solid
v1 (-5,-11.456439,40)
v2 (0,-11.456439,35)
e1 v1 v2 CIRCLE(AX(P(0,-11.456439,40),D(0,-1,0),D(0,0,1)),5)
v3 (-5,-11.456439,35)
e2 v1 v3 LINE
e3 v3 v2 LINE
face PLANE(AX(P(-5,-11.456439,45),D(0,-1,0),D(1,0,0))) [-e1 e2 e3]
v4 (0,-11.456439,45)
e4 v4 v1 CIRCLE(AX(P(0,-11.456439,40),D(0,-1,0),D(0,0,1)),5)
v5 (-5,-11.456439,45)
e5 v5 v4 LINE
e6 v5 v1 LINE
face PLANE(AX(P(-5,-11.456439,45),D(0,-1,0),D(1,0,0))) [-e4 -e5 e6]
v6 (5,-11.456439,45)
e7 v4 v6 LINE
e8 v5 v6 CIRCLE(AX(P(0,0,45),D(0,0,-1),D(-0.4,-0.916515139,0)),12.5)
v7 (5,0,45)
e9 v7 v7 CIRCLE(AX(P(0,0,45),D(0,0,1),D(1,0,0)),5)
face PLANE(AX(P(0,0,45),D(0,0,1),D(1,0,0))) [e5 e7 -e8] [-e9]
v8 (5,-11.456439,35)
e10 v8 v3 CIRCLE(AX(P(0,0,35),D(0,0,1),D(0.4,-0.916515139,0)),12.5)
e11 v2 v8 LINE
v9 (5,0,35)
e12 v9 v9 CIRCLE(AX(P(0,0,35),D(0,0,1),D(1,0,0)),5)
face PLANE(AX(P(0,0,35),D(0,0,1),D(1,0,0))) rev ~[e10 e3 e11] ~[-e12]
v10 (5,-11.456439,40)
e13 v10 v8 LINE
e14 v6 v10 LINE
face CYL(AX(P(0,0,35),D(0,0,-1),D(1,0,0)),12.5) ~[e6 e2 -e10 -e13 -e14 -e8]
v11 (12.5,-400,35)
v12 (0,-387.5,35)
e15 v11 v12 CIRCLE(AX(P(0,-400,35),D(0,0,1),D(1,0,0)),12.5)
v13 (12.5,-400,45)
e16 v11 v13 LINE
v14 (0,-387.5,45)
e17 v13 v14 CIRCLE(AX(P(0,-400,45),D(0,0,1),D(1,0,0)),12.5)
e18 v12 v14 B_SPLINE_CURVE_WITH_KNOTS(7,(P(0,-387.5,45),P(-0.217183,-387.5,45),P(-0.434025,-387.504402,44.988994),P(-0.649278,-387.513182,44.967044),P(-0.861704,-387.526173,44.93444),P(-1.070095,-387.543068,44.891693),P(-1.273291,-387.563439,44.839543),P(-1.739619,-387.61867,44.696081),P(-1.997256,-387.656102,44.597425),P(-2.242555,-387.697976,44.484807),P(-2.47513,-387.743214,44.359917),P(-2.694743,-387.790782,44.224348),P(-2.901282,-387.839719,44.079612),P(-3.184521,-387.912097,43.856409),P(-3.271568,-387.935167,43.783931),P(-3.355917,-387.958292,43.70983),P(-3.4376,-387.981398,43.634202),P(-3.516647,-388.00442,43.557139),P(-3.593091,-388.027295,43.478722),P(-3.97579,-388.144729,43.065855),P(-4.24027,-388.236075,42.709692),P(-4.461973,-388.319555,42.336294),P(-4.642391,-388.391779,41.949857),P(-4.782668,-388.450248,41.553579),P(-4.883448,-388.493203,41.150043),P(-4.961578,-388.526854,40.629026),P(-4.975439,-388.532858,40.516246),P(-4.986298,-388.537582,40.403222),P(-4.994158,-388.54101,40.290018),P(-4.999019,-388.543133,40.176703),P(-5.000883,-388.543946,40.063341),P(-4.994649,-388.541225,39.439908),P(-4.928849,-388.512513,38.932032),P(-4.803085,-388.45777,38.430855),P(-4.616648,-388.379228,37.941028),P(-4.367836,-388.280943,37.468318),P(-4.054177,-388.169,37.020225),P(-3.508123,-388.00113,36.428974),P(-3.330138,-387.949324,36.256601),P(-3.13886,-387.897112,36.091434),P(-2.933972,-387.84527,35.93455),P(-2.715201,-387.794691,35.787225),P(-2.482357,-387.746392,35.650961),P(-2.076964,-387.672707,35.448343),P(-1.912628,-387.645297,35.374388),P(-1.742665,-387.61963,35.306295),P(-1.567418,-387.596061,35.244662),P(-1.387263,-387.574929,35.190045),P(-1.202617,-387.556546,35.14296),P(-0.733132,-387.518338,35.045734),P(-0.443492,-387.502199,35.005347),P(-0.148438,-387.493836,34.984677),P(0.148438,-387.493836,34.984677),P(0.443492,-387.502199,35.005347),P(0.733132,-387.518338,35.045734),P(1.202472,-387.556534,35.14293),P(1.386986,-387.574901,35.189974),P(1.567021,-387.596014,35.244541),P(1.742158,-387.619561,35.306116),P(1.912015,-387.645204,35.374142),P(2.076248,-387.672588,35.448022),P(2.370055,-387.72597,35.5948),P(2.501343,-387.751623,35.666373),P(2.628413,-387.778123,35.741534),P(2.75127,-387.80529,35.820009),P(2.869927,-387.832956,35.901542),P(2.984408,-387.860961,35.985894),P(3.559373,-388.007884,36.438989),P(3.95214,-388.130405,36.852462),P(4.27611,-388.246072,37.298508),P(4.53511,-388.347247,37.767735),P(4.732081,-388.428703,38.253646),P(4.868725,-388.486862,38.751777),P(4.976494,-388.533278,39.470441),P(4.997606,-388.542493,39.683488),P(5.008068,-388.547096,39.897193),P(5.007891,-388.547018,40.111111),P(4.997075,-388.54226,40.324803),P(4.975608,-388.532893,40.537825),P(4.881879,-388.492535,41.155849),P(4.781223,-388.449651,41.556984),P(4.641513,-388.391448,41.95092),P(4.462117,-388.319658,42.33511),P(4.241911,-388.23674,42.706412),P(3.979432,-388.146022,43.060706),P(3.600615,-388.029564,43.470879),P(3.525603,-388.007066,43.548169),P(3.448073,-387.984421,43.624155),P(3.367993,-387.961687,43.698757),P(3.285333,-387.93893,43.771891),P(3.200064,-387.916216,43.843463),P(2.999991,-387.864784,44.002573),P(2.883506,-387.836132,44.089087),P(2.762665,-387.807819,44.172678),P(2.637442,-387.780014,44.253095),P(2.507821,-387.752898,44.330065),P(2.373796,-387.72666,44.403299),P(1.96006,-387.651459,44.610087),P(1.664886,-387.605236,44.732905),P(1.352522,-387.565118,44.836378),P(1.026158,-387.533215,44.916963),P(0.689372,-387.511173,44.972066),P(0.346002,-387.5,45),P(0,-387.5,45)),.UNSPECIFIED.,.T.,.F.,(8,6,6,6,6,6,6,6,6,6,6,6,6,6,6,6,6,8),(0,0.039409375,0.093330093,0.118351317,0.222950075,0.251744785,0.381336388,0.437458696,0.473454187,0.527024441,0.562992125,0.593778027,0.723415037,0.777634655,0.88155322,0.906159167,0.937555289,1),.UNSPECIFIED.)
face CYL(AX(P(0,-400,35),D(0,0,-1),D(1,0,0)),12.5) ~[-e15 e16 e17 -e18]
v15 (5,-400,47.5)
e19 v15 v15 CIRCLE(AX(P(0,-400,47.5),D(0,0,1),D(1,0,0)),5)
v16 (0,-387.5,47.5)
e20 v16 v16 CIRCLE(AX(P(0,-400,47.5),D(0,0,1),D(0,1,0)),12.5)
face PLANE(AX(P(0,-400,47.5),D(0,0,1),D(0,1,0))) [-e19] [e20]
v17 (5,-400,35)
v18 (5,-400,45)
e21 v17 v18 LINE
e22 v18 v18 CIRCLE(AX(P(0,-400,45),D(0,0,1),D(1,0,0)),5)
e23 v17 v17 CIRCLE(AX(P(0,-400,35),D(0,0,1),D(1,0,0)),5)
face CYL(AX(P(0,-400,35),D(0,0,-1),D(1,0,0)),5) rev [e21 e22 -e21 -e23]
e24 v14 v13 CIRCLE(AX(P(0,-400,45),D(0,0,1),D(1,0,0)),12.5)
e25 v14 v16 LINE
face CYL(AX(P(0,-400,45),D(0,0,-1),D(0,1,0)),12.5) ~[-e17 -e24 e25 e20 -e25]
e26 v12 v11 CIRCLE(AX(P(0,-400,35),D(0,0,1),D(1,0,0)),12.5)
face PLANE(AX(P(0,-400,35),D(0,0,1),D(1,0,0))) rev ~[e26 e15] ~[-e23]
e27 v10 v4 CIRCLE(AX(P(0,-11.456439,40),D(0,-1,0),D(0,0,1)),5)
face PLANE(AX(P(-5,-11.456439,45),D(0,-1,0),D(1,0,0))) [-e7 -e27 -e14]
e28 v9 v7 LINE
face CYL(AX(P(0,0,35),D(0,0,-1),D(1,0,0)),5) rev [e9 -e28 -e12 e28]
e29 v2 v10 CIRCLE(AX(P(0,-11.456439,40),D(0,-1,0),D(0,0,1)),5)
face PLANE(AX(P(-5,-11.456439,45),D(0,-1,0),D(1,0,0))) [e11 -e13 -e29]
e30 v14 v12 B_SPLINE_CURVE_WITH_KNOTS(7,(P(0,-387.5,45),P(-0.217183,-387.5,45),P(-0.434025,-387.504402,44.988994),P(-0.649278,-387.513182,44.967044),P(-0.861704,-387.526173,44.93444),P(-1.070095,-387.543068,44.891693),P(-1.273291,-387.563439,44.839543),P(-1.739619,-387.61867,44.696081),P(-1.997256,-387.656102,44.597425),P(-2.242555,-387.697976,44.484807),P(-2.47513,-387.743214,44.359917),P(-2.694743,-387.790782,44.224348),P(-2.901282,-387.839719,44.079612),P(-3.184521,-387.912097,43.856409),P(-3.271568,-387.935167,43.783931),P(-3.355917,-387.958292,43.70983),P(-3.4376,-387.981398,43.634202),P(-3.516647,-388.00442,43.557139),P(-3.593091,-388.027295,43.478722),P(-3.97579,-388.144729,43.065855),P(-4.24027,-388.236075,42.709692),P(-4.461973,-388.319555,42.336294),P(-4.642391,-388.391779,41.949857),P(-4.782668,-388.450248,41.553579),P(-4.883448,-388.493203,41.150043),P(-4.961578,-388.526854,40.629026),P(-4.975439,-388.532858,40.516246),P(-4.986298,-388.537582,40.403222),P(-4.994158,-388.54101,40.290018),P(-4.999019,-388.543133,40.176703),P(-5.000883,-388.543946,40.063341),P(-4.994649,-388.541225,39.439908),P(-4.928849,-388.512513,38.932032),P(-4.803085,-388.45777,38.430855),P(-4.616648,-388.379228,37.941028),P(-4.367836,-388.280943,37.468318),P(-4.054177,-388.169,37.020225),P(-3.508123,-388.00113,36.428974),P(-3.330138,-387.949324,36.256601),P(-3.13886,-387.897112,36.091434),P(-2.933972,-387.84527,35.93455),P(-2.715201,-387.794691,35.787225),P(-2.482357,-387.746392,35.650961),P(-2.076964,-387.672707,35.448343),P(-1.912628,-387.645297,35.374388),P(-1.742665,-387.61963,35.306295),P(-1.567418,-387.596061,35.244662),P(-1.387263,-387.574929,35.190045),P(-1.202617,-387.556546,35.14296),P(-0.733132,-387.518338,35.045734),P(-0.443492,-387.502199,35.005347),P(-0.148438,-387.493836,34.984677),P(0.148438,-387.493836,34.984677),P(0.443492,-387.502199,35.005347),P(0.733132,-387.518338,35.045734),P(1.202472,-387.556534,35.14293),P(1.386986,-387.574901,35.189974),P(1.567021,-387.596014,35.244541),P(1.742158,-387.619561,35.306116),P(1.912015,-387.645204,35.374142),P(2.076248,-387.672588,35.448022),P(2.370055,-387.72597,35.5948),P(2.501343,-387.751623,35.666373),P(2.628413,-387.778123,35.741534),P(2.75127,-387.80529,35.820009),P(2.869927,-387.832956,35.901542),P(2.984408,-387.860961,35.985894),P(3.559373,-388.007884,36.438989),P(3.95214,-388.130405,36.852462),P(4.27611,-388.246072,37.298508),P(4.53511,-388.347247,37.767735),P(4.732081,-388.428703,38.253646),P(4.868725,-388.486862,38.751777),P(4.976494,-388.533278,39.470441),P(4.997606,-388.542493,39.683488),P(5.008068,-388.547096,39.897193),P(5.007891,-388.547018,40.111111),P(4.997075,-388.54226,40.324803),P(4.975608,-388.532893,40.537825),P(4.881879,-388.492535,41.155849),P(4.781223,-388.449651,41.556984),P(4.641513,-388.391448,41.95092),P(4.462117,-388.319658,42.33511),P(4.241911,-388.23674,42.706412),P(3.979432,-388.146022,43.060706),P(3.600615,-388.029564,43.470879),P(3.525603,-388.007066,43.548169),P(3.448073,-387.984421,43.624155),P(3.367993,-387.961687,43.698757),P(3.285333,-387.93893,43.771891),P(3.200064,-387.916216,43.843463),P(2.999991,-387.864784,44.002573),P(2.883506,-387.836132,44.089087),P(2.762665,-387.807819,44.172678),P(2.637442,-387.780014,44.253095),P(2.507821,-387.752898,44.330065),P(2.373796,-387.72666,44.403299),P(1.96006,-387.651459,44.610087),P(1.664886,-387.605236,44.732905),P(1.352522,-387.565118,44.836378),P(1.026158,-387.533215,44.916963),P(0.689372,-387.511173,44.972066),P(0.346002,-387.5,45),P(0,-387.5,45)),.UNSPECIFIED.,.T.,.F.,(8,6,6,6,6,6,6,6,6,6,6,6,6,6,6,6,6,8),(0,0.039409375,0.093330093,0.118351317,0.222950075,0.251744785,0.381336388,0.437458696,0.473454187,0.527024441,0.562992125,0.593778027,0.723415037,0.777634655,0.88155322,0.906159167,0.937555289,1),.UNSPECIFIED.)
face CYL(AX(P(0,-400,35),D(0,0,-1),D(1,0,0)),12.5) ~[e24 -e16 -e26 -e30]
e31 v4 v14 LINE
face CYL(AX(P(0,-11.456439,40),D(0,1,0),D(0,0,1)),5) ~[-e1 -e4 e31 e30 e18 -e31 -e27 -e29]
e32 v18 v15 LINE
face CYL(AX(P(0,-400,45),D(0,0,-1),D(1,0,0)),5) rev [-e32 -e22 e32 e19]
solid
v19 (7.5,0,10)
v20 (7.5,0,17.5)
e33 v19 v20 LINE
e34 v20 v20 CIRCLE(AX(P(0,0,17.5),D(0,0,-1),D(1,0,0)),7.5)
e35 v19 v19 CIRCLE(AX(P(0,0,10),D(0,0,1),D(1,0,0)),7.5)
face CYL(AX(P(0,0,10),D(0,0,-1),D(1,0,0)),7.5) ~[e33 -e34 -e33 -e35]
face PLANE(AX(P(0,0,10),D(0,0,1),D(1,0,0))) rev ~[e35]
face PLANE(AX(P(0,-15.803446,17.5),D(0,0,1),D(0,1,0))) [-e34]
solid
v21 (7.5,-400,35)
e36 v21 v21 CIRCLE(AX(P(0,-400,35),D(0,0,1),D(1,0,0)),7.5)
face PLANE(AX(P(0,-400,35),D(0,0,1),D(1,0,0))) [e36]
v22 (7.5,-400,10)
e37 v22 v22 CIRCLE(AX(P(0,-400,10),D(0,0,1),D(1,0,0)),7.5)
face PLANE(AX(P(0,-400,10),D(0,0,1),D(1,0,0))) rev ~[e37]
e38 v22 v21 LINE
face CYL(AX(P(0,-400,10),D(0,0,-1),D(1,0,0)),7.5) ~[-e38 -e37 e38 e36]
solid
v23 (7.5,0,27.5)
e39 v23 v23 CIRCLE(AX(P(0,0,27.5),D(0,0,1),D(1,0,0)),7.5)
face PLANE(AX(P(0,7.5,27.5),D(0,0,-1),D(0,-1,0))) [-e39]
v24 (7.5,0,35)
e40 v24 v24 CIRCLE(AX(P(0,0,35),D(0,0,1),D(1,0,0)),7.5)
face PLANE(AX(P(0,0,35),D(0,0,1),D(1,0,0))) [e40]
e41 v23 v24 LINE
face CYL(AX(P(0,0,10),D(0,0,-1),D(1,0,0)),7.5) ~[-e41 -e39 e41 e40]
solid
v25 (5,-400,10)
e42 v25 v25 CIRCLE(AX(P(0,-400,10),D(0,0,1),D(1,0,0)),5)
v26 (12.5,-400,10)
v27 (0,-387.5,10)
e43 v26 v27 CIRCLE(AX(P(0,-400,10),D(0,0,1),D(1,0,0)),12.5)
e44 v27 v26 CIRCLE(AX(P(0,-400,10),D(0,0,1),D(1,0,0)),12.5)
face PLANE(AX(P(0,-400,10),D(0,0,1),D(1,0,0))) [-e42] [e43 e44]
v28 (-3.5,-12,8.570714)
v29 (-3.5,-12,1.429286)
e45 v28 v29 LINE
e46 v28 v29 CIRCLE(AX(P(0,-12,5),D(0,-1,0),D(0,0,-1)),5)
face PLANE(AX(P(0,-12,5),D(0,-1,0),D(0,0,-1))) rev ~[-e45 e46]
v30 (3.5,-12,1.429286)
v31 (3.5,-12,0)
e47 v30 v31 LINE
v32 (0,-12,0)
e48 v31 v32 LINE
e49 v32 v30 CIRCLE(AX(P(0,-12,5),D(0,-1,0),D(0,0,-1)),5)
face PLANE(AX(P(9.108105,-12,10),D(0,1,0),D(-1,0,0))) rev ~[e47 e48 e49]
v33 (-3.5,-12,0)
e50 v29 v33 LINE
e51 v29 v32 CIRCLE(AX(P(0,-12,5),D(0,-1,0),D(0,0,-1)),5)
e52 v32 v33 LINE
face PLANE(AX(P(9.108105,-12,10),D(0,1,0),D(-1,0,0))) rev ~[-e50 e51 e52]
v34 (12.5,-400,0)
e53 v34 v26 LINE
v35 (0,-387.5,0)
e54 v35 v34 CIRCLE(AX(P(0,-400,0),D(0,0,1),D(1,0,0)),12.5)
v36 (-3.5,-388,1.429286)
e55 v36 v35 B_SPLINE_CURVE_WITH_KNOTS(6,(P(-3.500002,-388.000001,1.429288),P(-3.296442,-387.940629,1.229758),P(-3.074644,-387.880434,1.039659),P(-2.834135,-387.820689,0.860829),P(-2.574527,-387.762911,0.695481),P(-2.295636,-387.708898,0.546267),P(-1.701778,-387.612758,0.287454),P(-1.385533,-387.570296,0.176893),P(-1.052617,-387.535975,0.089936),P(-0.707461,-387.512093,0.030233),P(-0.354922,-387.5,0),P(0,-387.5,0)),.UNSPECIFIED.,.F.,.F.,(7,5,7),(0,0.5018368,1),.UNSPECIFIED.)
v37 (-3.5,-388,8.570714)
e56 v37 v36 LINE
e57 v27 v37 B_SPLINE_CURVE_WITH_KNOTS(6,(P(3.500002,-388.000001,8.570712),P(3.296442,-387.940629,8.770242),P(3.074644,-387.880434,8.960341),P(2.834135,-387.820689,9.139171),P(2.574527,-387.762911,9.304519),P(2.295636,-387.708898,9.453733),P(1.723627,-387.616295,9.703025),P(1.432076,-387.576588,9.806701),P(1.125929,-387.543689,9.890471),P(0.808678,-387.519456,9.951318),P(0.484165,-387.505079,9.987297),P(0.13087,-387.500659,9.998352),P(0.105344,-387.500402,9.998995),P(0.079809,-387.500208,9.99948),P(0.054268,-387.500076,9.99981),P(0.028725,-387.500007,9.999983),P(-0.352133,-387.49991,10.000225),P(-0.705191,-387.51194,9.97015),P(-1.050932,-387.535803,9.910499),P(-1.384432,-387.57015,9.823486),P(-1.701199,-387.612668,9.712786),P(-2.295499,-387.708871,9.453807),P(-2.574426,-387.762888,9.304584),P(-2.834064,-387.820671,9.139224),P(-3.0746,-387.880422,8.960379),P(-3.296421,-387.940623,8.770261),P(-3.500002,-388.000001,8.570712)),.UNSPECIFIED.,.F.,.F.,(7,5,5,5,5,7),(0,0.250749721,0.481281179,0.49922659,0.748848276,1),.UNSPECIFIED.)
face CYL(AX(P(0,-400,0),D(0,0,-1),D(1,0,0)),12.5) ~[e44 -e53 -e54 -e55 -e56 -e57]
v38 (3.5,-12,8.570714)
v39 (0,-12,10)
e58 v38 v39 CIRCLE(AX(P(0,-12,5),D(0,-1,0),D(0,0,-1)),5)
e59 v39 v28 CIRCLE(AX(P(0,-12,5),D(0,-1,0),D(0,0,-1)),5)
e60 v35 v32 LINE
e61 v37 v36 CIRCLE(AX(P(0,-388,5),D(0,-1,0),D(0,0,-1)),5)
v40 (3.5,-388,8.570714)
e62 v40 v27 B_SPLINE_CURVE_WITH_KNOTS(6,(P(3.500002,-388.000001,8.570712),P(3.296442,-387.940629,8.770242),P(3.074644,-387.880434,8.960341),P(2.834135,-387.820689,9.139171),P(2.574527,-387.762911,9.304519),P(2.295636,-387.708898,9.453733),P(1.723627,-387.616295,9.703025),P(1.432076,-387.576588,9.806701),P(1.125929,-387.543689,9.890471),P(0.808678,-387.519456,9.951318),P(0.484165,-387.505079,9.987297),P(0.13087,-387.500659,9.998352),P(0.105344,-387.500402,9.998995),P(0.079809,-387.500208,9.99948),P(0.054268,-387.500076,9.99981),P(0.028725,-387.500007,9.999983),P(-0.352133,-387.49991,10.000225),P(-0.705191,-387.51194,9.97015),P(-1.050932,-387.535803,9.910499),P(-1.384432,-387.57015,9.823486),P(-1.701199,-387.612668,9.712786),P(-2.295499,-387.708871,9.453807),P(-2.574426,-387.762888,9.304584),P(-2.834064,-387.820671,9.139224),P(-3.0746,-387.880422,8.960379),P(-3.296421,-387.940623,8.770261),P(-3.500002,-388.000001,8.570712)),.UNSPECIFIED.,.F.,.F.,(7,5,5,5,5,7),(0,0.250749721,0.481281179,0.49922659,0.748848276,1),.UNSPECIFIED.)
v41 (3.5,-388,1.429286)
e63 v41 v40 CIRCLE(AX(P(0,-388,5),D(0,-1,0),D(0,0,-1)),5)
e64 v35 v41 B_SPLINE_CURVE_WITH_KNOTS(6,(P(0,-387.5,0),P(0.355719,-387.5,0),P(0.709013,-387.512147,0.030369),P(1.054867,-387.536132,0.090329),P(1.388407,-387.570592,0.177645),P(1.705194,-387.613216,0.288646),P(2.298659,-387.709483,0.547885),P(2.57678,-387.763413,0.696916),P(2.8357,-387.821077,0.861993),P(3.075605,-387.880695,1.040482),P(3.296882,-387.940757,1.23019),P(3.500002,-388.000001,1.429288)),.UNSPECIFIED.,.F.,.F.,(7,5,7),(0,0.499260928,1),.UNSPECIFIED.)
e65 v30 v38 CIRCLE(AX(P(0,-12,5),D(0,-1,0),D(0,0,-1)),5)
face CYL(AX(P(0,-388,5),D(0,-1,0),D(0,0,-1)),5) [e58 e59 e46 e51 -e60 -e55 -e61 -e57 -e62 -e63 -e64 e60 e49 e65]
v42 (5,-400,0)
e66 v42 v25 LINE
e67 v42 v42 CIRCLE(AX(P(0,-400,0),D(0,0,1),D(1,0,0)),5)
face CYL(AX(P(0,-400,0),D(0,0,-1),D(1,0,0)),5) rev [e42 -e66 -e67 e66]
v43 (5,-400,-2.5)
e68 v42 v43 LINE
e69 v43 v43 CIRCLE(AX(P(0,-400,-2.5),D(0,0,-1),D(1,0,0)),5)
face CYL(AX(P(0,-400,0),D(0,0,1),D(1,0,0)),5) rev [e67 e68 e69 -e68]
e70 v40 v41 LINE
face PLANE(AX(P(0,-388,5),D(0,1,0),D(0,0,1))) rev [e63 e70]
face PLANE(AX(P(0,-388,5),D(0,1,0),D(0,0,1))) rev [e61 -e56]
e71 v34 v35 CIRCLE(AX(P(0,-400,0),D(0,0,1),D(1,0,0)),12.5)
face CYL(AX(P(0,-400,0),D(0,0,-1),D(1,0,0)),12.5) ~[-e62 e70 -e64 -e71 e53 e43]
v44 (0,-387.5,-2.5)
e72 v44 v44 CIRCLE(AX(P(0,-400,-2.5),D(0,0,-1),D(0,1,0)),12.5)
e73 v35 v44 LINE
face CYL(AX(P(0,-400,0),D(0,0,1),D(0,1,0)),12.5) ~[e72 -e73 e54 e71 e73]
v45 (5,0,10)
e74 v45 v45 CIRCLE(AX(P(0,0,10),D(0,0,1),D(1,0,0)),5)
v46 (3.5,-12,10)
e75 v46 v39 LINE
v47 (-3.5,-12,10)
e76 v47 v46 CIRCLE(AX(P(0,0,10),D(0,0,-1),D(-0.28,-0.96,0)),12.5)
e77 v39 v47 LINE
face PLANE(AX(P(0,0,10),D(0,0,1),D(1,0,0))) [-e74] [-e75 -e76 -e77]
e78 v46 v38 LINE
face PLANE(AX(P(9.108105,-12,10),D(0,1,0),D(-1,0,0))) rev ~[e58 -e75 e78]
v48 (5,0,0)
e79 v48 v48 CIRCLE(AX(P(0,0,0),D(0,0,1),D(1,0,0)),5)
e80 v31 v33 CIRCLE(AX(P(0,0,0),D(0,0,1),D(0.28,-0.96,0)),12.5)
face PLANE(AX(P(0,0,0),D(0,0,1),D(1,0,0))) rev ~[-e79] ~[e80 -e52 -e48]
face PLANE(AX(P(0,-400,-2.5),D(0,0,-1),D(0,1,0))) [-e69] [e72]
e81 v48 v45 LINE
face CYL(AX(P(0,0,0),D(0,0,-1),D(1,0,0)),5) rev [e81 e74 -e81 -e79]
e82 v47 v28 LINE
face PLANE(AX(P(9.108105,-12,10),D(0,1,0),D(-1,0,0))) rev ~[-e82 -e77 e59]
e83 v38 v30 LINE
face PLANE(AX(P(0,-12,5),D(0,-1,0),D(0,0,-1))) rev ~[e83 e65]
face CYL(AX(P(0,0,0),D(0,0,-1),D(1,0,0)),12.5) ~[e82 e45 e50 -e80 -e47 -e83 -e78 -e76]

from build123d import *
from build123d.topology import SkipClean

# Parameters (mm, degrees)
SKETCH1_R               = 12.5
SKETCH1_R_2             = 5
BOSS_EXTRUDE1_DEPTH     = 10
CUT_EXTRUDE2_DEPTH      = 21.310096012
SKETCH3_R               = 5
BOSS_EXTRUDE2_DEPTH     = 188
SKETCH5_R               = 12.5
SKETCH5_R_2             = 5
BOSS_EXTRUDE4_DEPTH     = 10
SKETCH7_R               = 7.5
BOSS_EXTRUDE5_DEPTH     = 25
BOSS_EXTRUDE5_2_DEPTH   = 25
SKETCH8_R               = 12.5
SKETCH8_R_2             = 5
BOSS_EXTRUDE6_DEPTH     = 10
BOSS_EXTRUDE6_2_DEPTH   = 10
CUT_EXTRUDE3_DEPTH      = 20
SKETCH12_R              = 5
BOSS_EXTRUDE8_DEPTH     = 380
CUT_EXTRUDE4_DEPTH      = 416.135520155
CUT_EXTRUDE4_DEPTH_BACK = 416.135520155
SKETCH14_R              = 12.5
SKETCH14_R_2            = 5
BOSS_EXTRUDE9_DEPTH     = 2.5
SKETCH15_R              = 12.5
SKETCH15_R_2            = 5
BOSS_EXTRUDE10_DEPTH    = 2.5


with BuildPart() as part:
    # Sketch1 → Boss-Extrude1 (new body)
    with BuildSketch(Plane.XY):
        Circle(SKETCH1_R)
        Circle(SKETCH1_R_2, mode=Mode.SUBTRACT)
    extrude(amount=BOSS_EXTRUDE1_DEPTH)

    # Sketch2 → Cut-Extrude2 (cut, through all)
    with BuildSketch(Plane.XY.offset(10)):
        with BuildLine():
            Line((9.108105184, -12), (3.5, -12))
            ThreePointArc((3.5, -12), (0, -12.5), (-3.5, -12))
            Line((-3.5, -12), (-7.494861462, -12))
            Line((-7.494861462, -12), (-7.494861462, -13.628548532))
            Line((-7.494861462, -13.628548532), (9.511416115, -13.628548532))
            Line((9.511416115, -13.628548532), (9.108105184, -12))
        make_face()
        with BuildLine():
            Line((3.5, -12), (0, -12))
            Line((0, -12), (-3.5, -12))
            ThreePointArc((-3.5, -12), (0, -12.5), (3.5, -12))
        make_face()
    extrude(amount=-CUT_EXTRUDE2_DEPTH, mode=Mode.SUBTRACT)

    # Sketch3 → Boss-Extrude2 (add)
    with BuildSketch(Plane(origin=(0, -12, 0), x_dir=(-1, 0, 0), z_dir=(0, -1, 0))):
        with Locations(Location((0, -5, 0), (0, 0, 90))):
            Circle(SKETCH3_R)
    boss_extrude2 = extrude(amount=BOSS_EXTRUDE2_DEPTH)

    # Mirror2: Boss-Extrude2 across plane
    add(boss_extrude2.mirror(Plane(origin=(0, -200, 5), x_dir=(0, 0, 1), z_dir=(0, -1, 0))))

    # Sketch5 → Boss-Extrude4 (add)
    with SkipClean():  # the faces are left unmerged after this step: merging them gives an invalid solid
        with BuildSketch(Plane.XY):
            with Locations((0, -400)):
                Circle(SKETCH5_R)
            with Locations((0, -400)):
                Circle(SKETCH5_R_2, mode=Mode.SUBTRACT)
        extrude(amount=BOSS_EXTRUDE4_DEPTH)

    # Sketch15 → Boss-Extrude10 (add)
    with SkipClean():  # the faces are left unmerged after this step: merging them gives an invalid solid
        with BuildSketch(Plane(origin=(0, 0, 0), x_dir=(-1, 0, 0), z_dir=(0, 0, -1))):
            with Locations(Location((0, -400, 0), (0, 0, 90))):
                Circle(SKETCH15_R)
            with Locations(Location((0, -400, 0), (0, 0, 180))):
                Circle(SKETCH15_R_2, mode=Mode.SUBTRACT)
        extrude(amount=BOSS_EXTRUDE10_DEPTH)


with BuildPart() as body_2:
    # Sketch7 → Boss-Extrude5 (new body)
    with BuildSketch(Plane.XY.offset(10)):
        Circle(SKETCH7_R)
    extrude(amount=BOSS_EXTRUDE5_DEPTH)

    # Sketch13 → Cut-Extrude4 (cut, two sides)
    with BuildSketch(Plane(origin=(0, 0, 0), x_dir=(0, 0, -1), z_dir=(1, 0, 0))) as cut_extrude4_sk:
        Polygon((-17.5, 7.5), (-22.5, 7.5), (-27.5, 7.5), (-27.5, -15.803446393), (-17.5, -15.803446393), align=None)
    extrude(amount=CUT_EXTRUDE4_DEPTH, mode=Mode.SUBTRACT)
    extrude(cut_extrude4_sk.sketch, amount=-CUT_EXTRUDE4_DEPTH_BACK, mode=Mode.SUBTRACT)


with BuildPart() as body_3:
    # Sketch7 → Boss-Extrude5 2 (new body)
    with BuildSketch(Plane.XY.offset(10)):
        with Locations((0, -400)):
            Circle(SKETCH7_R)
    extrude(amount=BOSS_EXTRUDE5_2_DEPTH)


with BuildPart() as body_4:
    # Sketch8 → Boss-Extrude6 (new body)
    with BuildSketch(Plane.XY.offset(35)):
        Circle(SKETCH8_R)
        Circle(SKETCH8_R_2, mode=Mode.SUBTRACT)
    extrude(amount=BOSS_EXTRUDE6_DEPTH)

    # Sketch9 → Cut-Extrude3 (cut)
    with BuildSketch(Plane.XY.offset(45)):
        Polygon((-5, -12), (-5, -11.456439237), (5, -11.456439237), (5, -13.442017523), align=None)
    extrude(amount=-CUT_EXTRUDE3_DEPTH, mode=Mode.SUBTRACT)



with BuildPart() as body_5:
    # Sketch8 → Boss-Extrude6 2 (new body)
    with BuildSketch(Plane.XY.offset(35)):
        with Locations((0, -400)):
            Circle(SKETCH8_R)
        with Locations((0, -400)):
            Circle(SKETCH8_R_2, mode=Mode.SUBTRACT)
    extrude(amount=BOSS_EXTRUDE6_2_DEPTH)


with BuildPart() as body_4_1:
    with SkipClean():  # the faces are left unmerged after this step: merging them gives an invalid solid
        add(body_4.part)

        add(body_5.part)  # Boss-Extrude8 merges body 5
        # Sketch12 → Boss-Extrude8 (add)
        with BuildSketch(Plane(origin=(0, -11.456439237, 0), x_dir=(-1, 0, 0), z_dir=(0, -1, 0))):
            with Locations(Location((0, -40, 0), (0, 0, 270))):
                Circle(SKETCH12_R)
        extrude(amount=BOSS_EXTRUDE8_DEPTH)

    # Sketch14 → Boss-Extrude9 (add)
    with SkipClean():  # the faces are left unmerged after this step: merging them gives an invalid solid
        with BuildSketch(Plane.XY.offset(45)):
            with Locations(Location((0, -400, 0), (0, 0, 90))):
                Circle(SKETCH14_R)
            with Locations((0, -400)):
                Circle(SKETCH14_R_2, mode=Mode.SUBTRACT)
        extrude(amount=BOSS_EXTRUDE9_DEPTH)


with BuildPart() as cut_extrude4_piece_1:
    # of the separate pieces the step leaves, piece 1, a body of its own (cut_extrude4_pieces)
    add(body_2.part.solids().sort_by_distance((7.5, 0, 10))[0])


with BuildPart() as cut_extrude4_piece_2:
    # of the separate pieces the step leaves, piece 2, a body of its own (cut_extrude4_pieces)
    add(body_2.part.solids().sort_by_distance((7.5, 0, 27.5))[0])


solid = Compound([part.part, body_3.part, body_4_1.part, cut_extrude4_piece_1.part, cut_extrude4_piece_2.part])
